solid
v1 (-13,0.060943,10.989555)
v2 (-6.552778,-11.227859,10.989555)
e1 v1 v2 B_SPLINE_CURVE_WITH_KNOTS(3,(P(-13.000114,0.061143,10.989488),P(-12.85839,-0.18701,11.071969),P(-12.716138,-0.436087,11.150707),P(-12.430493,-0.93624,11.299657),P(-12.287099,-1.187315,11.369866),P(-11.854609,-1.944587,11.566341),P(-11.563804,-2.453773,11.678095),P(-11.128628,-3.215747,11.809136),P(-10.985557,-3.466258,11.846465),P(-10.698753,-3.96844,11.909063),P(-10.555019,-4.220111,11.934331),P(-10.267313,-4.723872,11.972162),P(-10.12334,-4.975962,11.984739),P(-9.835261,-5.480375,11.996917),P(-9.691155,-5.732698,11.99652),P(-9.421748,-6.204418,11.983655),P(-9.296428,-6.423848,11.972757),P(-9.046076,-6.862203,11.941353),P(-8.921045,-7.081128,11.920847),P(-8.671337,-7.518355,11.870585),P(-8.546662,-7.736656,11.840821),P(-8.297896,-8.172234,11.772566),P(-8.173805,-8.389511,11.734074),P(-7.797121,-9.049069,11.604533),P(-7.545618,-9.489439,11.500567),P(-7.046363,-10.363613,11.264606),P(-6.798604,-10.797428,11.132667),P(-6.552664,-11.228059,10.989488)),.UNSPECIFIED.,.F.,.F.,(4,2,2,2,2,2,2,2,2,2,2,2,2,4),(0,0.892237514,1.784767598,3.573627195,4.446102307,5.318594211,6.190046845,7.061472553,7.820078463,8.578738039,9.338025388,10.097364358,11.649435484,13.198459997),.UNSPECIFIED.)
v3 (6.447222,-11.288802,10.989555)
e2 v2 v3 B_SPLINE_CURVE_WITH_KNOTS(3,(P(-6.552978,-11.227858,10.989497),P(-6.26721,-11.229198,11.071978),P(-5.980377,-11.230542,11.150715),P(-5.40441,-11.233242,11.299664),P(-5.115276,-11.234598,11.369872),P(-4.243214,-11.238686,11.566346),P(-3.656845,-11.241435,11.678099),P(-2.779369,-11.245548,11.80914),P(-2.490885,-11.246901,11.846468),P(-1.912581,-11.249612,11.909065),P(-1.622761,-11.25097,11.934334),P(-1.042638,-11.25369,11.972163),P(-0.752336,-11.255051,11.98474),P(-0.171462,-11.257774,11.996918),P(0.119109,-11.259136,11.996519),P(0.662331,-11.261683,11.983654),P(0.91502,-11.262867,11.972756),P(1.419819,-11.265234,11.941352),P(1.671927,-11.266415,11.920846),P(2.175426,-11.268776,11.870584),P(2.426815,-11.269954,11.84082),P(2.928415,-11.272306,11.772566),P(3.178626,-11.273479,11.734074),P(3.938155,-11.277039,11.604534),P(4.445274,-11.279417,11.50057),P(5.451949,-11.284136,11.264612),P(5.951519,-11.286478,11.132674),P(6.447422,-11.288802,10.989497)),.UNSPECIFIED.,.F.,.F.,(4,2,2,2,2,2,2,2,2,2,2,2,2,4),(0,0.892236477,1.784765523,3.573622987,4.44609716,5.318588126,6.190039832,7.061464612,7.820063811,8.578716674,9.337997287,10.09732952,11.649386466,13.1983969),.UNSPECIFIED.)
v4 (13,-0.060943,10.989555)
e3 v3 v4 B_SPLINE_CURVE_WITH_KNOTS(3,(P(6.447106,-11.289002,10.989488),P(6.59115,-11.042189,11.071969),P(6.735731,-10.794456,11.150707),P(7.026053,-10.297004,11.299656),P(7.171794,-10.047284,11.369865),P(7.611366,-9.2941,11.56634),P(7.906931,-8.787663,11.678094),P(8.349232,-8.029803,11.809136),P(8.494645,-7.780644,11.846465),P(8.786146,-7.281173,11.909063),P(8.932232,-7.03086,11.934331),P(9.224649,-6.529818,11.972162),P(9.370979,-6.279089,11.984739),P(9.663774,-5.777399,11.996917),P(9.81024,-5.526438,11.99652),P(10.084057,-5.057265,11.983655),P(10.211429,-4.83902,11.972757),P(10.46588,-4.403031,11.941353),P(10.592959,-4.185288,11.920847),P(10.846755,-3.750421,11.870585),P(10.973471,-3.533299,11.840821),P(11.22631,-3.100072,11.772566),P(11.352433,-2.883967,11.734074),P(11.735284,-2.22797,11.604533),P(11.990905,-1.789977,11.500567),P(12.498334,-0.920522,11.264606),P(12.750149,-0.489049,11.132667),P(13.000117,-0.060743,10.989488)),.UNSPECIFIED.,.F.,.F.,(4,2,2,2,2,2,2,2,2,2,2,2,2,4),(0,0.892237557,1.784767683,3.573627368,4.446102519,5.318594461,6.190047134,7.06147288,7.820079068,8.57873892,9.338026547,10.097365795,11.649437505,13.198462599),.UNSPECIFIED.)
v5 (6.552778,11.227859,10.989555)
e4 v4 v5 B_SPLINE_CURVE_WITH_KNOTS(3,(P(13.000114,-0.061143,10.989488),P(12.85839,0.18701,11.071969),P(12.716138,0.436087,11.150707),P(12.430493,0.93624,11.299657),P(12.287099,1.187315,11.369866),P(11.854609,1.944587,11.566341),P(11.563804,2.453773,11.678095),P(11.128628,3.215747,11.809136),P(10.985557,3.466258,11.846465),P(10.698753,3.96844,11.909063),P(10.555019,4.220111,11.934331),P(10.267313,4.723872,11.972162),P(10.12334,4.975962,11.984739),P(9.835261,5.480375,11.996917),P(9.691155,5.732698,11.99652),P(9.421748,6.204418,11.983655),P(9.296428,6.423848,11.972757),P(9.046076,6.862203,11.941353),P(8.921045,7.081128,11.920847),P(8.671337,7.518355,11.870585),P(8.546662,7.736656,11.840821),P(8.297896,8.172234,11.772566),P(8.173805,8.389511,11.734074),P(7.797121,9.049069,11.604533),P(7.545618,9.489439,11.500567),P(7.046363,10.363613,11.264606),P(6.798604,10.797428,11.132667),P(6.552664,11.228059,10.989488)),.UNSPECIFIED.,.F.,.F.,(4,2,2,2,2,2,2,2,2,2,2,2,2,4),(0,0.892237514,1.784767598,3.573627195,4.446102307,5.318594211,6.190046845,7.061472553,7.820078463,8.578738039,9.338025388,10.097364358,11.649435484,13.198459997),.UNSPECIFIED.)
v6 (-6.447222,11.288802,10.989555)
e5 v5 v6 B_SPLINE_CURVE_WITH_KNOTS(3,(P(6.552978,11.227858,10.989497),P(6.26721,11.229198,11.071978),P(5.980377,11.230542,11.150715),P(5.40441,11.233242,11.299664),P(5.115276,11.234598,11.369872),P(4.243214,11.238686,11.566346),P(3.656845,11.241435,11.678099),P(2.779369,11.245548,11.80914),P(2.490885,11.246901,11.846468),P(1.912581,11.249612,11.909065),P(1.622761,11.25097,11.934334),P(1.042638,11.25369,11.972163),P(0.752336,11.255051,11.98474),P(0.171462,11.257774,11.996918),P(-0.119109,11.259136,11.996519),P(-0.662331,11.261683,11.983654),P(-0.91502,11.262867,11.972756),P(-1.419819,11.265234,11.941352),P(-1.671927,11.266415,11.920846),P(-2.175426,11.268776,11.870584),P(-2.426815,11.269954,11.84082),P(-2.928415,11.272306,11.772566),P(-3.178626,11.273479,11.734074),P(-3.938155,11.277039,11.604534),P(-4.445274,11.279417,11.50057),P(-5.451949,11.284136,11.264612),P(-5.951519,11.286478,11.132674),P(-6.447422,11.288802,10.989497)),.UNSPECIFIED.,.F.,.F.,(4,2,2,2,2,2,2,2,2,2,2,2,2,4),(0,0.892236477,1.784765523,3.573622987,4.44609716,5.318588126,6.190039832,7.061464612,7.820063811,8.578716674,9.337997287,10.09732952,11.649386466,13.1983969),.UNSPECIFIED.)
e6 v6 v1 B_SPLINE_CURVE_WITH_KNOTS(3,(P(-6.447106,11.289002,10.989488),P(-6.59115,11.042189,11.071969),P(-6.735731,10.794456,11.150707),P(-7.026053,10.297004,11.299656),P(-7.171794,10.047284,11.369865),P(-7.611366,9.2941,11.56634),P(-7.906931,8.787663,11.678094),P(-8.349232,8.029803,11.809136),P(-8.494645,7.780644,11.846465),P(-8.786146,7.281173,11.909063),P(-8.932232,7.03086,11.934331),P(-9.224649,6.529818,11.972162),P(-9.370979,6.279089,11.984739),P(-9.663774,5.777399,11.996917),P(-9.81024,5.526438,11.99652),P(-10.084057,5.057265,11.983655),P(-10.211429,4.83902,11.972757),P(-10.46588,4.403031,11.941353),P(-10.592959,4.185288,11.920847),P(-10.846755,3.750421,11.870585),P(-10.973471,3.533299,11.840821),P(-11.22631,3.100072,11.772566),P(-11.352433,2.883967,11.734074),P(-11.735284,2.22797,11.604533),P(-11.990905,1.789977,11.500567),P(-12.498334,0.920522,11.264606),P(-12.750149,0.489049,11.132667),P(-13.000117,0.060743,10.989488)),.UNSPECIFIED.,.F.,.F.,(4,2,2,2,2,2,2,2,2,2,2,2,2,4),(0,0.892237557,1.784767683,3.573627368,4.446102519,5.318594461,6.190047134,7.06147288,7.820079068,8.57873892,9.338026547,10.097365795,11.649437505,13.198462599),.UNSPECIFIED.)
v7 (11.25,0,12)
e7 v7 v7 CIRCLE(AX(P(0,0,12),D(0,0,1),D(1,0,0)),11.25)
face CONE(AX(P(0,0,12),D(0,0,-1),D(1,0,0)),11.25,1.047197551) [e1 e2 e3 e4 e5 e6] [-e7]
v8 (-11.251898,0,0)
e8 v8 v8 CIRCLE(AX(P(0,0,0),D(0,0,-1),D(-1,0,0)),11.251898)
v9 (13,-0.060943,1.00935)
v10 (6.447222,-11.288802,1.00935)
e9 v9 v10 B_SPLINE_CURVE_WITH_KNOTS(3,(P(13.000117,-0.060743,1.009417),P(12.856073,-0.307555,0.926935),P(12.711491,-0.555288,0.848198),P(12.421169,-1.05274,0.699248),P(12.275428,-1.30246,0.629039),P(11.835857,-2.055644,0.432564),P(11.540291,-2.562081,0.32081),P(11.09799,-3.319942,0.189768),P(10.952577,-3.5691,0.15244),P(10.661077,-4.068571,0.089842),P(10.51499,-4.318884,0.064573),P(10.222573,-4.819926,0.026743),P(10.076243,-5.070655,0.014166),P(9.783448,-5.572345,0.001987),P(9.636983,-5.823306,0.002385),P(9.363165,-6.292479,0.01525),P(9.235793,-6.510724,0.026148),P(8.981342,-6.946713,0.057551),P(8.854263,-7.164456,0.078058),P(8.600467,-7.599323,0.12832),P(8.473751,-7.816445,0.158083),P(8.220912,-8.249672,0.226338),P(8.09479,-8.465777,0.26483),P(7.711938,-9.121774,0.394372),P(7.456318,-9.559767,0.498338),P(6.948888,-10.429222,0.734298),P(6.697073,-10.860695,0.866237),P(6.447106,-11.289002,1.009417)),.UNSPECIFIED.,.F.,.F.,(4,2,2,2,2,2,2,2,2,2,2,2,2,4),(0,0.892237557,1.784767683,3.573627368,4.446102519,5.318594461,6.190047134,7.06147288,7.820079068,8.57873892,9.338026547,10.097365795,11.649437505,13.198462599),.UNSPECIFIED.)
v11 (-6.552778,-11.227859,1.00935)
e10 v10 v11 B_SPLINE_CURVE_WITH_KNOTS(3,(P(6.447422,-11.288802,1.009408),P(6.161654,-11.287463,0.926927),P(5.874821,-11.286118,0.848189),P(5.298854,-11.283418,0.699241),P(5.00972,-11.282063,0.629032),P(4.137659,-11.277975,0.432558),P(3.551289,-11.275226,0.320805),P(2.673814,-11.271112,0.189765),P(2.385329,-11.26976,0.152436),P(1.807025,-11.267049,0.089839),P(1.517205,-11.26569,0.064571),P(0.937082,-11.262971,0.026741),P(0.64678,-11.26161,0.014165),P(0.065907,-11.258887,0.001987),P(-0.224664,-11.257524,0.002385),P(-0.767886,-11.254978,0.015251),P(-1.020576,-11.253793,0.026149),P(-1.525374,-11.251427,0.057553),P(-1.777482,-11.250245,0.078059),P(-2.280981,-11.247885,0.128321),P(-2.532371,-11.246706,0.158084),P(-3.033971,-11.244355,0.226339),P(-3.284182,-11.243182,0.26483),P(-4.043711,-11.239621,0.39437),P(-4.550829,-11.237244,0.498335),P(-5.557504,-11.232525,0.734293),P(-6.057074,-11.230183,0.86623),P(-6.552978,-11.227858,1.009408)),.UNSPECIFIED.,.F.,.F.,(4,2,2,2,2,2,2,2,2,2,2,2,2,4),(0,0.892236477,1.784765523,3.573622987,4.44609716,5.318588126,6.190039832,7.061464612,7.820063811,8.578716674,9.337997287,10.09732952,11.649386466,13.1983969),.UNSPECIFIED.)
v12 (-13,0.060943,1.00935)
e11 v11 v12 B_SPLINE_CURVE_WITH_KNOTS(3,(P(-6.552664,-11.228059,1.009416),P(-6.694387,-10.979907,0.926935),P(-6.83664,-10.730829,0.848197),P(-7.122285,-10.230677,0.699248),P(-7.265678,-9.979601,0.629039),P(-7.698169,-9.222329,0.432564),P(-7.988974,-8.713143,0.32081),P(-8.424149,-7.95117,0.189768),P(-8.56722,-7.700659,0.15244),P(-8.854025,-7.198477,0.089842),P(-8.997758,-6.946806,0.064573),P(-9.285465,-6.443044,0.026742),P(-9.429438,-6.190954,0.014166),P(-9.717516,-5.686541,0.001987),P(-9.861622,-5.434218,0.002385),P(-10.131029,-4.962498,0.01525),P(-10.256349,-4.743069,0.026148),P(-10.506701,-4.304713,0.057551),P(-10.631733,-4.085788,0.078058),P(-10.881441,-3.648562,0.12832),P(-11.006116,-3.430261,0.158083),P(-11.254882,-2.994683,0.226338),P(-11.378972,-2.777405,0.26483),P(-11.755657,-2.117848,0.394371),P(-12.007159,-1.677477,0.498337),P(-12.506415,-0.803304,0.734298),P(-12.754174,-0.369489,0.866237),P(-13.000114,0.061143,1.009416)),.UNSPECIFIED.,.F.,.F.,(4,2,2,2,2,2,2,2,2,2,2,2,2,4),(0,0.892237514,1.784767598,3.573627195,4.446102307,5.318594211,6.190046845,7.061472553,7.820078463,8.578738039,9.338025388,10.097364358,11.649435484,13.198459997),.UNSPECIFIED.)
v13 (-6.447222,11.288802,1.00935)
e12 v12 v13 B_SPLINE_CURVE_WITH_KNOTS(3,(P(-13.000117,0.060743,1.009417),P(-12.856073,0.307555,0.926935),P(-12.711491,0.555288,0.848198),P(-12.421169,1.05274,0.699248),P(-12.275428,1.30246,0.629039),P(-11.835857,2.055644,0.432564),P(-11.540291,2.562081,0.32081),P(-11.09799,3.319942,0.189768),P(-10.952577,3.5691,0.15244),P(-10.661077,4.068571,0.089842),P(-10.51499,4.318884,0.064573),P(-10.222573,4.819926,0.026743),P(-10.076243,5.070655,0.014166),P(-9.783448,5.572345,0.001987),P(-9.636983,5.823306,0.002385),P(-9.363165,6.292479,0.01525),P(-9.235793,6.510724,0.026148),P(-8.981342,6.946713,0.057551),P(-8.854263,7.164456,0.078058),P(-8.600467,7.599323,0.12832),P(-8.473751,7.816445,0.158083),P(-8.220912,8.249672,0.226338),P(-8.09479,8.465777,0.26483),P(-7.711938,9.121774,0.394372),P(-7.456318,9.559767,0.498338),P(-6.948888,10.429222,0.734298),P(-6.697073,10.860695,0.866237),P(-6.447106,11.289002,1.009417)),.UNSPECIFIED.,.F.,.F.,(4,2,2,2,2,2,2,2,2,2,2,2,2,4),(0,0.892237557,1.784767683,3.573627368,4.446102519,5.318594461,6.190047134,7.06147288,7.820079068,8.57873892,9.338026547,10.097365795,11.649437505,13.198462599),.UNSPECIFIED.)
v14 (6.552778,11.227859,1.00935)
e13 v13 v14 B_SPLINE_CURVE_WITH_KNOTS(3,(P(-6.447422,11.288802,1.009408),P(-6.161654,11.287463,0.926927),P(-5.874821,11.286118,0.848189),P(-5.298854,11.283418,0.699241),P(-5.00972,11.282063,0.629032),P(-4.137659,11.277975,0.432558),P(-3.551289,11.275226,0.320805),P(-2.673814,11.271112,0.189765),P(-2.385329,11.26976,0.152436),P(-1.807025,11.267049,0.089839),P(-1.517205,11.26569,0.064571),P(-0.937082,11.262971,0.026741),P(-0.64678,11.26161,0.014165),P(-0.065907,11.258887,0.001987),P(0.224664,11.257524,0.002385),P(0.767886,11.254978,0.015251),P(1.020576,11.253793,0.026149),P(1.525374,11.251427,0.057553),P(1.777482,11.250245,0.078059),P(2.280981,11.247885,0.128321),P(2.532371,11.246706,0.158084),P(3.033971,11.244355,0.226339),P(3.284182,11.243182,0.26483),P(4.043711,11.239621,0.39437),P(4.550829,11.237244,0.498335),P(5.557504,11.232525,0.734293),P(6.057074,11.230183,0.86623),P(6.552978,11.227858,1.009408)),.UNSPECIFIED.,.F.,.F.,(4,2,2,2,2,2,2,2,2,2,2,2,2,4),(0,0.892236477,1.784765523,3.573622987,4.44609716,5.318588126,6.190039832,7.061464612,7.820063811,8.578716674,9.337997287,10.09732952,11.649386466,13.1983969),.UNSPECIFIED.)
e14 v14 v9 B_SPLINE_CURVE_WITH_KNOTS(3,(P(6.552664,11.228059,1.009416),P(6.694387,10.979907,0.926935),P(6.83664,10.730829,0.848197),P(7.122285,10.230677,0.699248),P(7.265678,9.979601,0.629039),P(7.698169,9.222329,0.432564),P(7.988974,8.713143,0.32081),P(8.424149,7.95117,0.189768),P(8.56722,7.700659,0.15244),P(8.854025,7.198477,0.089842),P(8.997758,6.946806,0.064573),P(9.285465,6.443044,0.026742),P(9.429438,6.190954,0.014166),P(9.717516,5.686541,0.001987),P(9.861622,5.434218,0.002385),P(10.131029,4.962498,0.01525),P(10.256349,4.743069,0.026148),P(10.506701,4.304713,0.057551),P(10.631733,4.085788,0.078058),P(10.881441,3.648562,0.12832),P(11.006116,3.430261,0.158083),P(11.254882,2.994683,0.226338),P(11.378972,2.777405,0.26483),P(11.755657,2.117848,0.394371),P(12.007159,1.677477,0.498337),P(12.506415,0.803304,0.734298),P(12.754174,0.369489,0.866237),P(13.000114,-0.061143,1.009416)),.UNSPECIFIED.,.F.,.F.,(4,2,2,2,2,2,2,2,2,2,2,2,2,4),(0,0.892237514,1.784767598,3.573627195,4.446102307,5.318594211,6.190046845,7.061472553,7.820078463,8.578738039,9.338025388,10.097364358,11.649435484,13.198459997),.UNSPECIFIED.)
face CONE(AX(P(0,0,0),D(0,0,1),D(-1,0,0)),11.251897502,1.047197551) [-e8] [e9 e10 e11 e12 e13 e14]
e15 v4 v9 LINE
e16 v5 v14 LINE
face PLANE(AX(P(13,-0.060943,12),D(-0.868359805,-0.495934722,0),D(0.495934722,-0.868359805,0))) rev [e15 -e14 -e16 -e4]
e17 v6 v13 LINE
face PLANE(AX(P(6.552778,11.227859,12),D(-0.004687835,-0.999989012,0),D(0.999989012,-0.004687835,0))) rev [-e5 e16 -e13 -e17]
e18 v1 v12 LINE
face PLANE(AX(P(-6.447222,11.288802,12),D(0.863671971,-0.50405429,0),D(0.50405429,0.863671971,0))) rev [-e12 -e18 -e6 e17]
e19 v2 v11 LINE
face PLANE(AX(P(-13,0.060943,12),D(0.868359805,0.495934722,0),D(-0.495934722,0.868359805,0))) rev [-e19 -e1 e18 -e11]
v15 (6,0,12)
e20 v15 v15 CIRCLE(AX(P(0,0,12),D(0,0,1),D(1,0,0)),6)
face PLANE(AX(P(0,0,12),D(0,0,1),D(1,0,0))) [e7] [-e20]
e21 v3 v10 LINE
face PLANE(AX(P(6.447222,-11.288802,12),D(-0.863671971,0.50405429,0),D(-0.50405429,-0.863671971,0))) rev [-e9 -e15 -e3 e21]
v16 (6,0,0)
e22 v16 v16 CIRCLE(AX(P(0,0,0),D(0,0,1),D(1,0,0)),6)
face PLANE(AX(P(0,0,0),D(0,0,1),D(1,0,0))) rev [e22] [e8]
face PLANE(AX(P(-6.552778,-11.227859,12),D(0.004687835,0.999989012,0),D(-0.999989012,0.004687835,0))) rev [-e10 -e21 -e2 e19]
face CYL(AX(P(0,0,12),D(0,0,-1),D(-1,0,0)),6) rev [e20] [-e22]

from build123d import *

# Parameters (mm, degrees)
SKETCH1_R           = 6
BOSS_EXTRUDE1_DEPTH = 12
SKETCH2_OUTSIDE_W   = 111.456
SKETCH2_OUTSIDE_H   = 108.034
SKETCH2_OUTSIDE_R   = 11.251897502
CUT_EXTRUDE1_DEPTH  = 21.986591899
CUT_EXTRUDE1_DRAFT  = -60
SKETCH3_OUTSIDE_W   = 111.456
SKETCH3_OUTSIDE_H   = 108.034
SKETCH3_OUTSIDE_R   = 11.25
CUT_EXTRUDE3_DEPTH  = 21.986591899
CUT_EXTRUDE3_DRAFT  = -60


with BuildPart() as part:
    # Sketch1 → Boss-Extrude1 (new body)
    with BuildSketch(Plane.XY):
        Polygon((6.552777772, 11.227858989), (-6.447222228, 11.28880151), (-13, 0.060942521), (-6.552777772, -11.227858989), (6.447222228, -11.28880151), (13, -0.060942521), align=None)
        Circle(SKETCH1_R, mode=Mode.SUBTRACT)
    extrude(amount=BOSS_EXTRUDE1_DEPTH)


with BuildPart() as cut_extrude1_tool:
    # Sketch2 outside → Cut-Extrude1 (with draft: the straight prism first)
    with BuildSketch(Plane(origin=(0, 0, 0), x_dir=(-1, 0, 0), z_dir=(0, 0, -1))):
        Rectangle(SKETCH2_OUTSIDE_W, SKETCH2_OUTSIDE_H)
        Circle(SKETCH2_OUTSIDE_R, mode=Mode.SUBTRACT)
    extrude(amount=-CUT_EXTRUDE1_DEPTH)
    # Cut-Extrude1: the draft: its side faces are tilted about the plane it starts from
    cut_extrude1_sides = [cut_extrude1_tool.faces().sort_by_distance(p)[0] for p in [
        (0, -54.017, 10.993295949),
        (-55.728, 0, 10.993295949),
        (0, 54.017, 10.993295949),
        (55.728, 0, 10.993295949),
        (11.251897502, 0, 10.993295949),
    ]]
    draft(cut_extrude1_sides, Plane(origin=(0, 0, 0), x_dir=(-1, 0, 0), z_dir=(0, 0, -1)), CUT_EXTRUDE1_DRAFT)


with BuildPart() as part_1:
    add(part.part)

    # Cut-Extrude1: cut by cut_extrude1_tool
    add(cut_extrude1_tool.part, mode=Mode.SUBTRACT)


with BuildPart() as cut_extrude3_tool:
    # Sketch3 outside → Cut-Extrude3 (with draft: the straight prism first)
    with BuildSketch(Plane.XY.offset(12)):
        Rectangle(SKETCH3_OUTSIDE_W, SKETCH3_OUTSIDE_H)
        Circle(SKETCH3_OUTSIDE_R, mode=Mode.SUBTRACT)
    extrude(amount=-CUT_EXTRUDE3_DEPTH)
    # Cut-Extrude3: the draft: its side faces are tilted about the plane it starts from
    cut_extrude3_sides = [cut_extrude3_tool.faces().sort_by_distance(p)[0] for p in [
        (0, -54.017, 1.006704051),
        (55.728, 0, 1.006704051),
        (0, 54.017, 1.006704051),
        (-55.728, 0, 1.006704051),
        (-11.25, 0, 1.006704051),
    ]]
    draft(cut_extrude3_sides, Plane.XY.offset(12), CUT_EXTRUDE3_DRAFT)


with BuildPart() as part_2:
    add(part_1.part)

    # Cut-Extrude3: cut by cut_extrude3_tool
    add(cut_extrude3_tool.part, mode=Mode.SUBTRACT)


solid = part_2.part
